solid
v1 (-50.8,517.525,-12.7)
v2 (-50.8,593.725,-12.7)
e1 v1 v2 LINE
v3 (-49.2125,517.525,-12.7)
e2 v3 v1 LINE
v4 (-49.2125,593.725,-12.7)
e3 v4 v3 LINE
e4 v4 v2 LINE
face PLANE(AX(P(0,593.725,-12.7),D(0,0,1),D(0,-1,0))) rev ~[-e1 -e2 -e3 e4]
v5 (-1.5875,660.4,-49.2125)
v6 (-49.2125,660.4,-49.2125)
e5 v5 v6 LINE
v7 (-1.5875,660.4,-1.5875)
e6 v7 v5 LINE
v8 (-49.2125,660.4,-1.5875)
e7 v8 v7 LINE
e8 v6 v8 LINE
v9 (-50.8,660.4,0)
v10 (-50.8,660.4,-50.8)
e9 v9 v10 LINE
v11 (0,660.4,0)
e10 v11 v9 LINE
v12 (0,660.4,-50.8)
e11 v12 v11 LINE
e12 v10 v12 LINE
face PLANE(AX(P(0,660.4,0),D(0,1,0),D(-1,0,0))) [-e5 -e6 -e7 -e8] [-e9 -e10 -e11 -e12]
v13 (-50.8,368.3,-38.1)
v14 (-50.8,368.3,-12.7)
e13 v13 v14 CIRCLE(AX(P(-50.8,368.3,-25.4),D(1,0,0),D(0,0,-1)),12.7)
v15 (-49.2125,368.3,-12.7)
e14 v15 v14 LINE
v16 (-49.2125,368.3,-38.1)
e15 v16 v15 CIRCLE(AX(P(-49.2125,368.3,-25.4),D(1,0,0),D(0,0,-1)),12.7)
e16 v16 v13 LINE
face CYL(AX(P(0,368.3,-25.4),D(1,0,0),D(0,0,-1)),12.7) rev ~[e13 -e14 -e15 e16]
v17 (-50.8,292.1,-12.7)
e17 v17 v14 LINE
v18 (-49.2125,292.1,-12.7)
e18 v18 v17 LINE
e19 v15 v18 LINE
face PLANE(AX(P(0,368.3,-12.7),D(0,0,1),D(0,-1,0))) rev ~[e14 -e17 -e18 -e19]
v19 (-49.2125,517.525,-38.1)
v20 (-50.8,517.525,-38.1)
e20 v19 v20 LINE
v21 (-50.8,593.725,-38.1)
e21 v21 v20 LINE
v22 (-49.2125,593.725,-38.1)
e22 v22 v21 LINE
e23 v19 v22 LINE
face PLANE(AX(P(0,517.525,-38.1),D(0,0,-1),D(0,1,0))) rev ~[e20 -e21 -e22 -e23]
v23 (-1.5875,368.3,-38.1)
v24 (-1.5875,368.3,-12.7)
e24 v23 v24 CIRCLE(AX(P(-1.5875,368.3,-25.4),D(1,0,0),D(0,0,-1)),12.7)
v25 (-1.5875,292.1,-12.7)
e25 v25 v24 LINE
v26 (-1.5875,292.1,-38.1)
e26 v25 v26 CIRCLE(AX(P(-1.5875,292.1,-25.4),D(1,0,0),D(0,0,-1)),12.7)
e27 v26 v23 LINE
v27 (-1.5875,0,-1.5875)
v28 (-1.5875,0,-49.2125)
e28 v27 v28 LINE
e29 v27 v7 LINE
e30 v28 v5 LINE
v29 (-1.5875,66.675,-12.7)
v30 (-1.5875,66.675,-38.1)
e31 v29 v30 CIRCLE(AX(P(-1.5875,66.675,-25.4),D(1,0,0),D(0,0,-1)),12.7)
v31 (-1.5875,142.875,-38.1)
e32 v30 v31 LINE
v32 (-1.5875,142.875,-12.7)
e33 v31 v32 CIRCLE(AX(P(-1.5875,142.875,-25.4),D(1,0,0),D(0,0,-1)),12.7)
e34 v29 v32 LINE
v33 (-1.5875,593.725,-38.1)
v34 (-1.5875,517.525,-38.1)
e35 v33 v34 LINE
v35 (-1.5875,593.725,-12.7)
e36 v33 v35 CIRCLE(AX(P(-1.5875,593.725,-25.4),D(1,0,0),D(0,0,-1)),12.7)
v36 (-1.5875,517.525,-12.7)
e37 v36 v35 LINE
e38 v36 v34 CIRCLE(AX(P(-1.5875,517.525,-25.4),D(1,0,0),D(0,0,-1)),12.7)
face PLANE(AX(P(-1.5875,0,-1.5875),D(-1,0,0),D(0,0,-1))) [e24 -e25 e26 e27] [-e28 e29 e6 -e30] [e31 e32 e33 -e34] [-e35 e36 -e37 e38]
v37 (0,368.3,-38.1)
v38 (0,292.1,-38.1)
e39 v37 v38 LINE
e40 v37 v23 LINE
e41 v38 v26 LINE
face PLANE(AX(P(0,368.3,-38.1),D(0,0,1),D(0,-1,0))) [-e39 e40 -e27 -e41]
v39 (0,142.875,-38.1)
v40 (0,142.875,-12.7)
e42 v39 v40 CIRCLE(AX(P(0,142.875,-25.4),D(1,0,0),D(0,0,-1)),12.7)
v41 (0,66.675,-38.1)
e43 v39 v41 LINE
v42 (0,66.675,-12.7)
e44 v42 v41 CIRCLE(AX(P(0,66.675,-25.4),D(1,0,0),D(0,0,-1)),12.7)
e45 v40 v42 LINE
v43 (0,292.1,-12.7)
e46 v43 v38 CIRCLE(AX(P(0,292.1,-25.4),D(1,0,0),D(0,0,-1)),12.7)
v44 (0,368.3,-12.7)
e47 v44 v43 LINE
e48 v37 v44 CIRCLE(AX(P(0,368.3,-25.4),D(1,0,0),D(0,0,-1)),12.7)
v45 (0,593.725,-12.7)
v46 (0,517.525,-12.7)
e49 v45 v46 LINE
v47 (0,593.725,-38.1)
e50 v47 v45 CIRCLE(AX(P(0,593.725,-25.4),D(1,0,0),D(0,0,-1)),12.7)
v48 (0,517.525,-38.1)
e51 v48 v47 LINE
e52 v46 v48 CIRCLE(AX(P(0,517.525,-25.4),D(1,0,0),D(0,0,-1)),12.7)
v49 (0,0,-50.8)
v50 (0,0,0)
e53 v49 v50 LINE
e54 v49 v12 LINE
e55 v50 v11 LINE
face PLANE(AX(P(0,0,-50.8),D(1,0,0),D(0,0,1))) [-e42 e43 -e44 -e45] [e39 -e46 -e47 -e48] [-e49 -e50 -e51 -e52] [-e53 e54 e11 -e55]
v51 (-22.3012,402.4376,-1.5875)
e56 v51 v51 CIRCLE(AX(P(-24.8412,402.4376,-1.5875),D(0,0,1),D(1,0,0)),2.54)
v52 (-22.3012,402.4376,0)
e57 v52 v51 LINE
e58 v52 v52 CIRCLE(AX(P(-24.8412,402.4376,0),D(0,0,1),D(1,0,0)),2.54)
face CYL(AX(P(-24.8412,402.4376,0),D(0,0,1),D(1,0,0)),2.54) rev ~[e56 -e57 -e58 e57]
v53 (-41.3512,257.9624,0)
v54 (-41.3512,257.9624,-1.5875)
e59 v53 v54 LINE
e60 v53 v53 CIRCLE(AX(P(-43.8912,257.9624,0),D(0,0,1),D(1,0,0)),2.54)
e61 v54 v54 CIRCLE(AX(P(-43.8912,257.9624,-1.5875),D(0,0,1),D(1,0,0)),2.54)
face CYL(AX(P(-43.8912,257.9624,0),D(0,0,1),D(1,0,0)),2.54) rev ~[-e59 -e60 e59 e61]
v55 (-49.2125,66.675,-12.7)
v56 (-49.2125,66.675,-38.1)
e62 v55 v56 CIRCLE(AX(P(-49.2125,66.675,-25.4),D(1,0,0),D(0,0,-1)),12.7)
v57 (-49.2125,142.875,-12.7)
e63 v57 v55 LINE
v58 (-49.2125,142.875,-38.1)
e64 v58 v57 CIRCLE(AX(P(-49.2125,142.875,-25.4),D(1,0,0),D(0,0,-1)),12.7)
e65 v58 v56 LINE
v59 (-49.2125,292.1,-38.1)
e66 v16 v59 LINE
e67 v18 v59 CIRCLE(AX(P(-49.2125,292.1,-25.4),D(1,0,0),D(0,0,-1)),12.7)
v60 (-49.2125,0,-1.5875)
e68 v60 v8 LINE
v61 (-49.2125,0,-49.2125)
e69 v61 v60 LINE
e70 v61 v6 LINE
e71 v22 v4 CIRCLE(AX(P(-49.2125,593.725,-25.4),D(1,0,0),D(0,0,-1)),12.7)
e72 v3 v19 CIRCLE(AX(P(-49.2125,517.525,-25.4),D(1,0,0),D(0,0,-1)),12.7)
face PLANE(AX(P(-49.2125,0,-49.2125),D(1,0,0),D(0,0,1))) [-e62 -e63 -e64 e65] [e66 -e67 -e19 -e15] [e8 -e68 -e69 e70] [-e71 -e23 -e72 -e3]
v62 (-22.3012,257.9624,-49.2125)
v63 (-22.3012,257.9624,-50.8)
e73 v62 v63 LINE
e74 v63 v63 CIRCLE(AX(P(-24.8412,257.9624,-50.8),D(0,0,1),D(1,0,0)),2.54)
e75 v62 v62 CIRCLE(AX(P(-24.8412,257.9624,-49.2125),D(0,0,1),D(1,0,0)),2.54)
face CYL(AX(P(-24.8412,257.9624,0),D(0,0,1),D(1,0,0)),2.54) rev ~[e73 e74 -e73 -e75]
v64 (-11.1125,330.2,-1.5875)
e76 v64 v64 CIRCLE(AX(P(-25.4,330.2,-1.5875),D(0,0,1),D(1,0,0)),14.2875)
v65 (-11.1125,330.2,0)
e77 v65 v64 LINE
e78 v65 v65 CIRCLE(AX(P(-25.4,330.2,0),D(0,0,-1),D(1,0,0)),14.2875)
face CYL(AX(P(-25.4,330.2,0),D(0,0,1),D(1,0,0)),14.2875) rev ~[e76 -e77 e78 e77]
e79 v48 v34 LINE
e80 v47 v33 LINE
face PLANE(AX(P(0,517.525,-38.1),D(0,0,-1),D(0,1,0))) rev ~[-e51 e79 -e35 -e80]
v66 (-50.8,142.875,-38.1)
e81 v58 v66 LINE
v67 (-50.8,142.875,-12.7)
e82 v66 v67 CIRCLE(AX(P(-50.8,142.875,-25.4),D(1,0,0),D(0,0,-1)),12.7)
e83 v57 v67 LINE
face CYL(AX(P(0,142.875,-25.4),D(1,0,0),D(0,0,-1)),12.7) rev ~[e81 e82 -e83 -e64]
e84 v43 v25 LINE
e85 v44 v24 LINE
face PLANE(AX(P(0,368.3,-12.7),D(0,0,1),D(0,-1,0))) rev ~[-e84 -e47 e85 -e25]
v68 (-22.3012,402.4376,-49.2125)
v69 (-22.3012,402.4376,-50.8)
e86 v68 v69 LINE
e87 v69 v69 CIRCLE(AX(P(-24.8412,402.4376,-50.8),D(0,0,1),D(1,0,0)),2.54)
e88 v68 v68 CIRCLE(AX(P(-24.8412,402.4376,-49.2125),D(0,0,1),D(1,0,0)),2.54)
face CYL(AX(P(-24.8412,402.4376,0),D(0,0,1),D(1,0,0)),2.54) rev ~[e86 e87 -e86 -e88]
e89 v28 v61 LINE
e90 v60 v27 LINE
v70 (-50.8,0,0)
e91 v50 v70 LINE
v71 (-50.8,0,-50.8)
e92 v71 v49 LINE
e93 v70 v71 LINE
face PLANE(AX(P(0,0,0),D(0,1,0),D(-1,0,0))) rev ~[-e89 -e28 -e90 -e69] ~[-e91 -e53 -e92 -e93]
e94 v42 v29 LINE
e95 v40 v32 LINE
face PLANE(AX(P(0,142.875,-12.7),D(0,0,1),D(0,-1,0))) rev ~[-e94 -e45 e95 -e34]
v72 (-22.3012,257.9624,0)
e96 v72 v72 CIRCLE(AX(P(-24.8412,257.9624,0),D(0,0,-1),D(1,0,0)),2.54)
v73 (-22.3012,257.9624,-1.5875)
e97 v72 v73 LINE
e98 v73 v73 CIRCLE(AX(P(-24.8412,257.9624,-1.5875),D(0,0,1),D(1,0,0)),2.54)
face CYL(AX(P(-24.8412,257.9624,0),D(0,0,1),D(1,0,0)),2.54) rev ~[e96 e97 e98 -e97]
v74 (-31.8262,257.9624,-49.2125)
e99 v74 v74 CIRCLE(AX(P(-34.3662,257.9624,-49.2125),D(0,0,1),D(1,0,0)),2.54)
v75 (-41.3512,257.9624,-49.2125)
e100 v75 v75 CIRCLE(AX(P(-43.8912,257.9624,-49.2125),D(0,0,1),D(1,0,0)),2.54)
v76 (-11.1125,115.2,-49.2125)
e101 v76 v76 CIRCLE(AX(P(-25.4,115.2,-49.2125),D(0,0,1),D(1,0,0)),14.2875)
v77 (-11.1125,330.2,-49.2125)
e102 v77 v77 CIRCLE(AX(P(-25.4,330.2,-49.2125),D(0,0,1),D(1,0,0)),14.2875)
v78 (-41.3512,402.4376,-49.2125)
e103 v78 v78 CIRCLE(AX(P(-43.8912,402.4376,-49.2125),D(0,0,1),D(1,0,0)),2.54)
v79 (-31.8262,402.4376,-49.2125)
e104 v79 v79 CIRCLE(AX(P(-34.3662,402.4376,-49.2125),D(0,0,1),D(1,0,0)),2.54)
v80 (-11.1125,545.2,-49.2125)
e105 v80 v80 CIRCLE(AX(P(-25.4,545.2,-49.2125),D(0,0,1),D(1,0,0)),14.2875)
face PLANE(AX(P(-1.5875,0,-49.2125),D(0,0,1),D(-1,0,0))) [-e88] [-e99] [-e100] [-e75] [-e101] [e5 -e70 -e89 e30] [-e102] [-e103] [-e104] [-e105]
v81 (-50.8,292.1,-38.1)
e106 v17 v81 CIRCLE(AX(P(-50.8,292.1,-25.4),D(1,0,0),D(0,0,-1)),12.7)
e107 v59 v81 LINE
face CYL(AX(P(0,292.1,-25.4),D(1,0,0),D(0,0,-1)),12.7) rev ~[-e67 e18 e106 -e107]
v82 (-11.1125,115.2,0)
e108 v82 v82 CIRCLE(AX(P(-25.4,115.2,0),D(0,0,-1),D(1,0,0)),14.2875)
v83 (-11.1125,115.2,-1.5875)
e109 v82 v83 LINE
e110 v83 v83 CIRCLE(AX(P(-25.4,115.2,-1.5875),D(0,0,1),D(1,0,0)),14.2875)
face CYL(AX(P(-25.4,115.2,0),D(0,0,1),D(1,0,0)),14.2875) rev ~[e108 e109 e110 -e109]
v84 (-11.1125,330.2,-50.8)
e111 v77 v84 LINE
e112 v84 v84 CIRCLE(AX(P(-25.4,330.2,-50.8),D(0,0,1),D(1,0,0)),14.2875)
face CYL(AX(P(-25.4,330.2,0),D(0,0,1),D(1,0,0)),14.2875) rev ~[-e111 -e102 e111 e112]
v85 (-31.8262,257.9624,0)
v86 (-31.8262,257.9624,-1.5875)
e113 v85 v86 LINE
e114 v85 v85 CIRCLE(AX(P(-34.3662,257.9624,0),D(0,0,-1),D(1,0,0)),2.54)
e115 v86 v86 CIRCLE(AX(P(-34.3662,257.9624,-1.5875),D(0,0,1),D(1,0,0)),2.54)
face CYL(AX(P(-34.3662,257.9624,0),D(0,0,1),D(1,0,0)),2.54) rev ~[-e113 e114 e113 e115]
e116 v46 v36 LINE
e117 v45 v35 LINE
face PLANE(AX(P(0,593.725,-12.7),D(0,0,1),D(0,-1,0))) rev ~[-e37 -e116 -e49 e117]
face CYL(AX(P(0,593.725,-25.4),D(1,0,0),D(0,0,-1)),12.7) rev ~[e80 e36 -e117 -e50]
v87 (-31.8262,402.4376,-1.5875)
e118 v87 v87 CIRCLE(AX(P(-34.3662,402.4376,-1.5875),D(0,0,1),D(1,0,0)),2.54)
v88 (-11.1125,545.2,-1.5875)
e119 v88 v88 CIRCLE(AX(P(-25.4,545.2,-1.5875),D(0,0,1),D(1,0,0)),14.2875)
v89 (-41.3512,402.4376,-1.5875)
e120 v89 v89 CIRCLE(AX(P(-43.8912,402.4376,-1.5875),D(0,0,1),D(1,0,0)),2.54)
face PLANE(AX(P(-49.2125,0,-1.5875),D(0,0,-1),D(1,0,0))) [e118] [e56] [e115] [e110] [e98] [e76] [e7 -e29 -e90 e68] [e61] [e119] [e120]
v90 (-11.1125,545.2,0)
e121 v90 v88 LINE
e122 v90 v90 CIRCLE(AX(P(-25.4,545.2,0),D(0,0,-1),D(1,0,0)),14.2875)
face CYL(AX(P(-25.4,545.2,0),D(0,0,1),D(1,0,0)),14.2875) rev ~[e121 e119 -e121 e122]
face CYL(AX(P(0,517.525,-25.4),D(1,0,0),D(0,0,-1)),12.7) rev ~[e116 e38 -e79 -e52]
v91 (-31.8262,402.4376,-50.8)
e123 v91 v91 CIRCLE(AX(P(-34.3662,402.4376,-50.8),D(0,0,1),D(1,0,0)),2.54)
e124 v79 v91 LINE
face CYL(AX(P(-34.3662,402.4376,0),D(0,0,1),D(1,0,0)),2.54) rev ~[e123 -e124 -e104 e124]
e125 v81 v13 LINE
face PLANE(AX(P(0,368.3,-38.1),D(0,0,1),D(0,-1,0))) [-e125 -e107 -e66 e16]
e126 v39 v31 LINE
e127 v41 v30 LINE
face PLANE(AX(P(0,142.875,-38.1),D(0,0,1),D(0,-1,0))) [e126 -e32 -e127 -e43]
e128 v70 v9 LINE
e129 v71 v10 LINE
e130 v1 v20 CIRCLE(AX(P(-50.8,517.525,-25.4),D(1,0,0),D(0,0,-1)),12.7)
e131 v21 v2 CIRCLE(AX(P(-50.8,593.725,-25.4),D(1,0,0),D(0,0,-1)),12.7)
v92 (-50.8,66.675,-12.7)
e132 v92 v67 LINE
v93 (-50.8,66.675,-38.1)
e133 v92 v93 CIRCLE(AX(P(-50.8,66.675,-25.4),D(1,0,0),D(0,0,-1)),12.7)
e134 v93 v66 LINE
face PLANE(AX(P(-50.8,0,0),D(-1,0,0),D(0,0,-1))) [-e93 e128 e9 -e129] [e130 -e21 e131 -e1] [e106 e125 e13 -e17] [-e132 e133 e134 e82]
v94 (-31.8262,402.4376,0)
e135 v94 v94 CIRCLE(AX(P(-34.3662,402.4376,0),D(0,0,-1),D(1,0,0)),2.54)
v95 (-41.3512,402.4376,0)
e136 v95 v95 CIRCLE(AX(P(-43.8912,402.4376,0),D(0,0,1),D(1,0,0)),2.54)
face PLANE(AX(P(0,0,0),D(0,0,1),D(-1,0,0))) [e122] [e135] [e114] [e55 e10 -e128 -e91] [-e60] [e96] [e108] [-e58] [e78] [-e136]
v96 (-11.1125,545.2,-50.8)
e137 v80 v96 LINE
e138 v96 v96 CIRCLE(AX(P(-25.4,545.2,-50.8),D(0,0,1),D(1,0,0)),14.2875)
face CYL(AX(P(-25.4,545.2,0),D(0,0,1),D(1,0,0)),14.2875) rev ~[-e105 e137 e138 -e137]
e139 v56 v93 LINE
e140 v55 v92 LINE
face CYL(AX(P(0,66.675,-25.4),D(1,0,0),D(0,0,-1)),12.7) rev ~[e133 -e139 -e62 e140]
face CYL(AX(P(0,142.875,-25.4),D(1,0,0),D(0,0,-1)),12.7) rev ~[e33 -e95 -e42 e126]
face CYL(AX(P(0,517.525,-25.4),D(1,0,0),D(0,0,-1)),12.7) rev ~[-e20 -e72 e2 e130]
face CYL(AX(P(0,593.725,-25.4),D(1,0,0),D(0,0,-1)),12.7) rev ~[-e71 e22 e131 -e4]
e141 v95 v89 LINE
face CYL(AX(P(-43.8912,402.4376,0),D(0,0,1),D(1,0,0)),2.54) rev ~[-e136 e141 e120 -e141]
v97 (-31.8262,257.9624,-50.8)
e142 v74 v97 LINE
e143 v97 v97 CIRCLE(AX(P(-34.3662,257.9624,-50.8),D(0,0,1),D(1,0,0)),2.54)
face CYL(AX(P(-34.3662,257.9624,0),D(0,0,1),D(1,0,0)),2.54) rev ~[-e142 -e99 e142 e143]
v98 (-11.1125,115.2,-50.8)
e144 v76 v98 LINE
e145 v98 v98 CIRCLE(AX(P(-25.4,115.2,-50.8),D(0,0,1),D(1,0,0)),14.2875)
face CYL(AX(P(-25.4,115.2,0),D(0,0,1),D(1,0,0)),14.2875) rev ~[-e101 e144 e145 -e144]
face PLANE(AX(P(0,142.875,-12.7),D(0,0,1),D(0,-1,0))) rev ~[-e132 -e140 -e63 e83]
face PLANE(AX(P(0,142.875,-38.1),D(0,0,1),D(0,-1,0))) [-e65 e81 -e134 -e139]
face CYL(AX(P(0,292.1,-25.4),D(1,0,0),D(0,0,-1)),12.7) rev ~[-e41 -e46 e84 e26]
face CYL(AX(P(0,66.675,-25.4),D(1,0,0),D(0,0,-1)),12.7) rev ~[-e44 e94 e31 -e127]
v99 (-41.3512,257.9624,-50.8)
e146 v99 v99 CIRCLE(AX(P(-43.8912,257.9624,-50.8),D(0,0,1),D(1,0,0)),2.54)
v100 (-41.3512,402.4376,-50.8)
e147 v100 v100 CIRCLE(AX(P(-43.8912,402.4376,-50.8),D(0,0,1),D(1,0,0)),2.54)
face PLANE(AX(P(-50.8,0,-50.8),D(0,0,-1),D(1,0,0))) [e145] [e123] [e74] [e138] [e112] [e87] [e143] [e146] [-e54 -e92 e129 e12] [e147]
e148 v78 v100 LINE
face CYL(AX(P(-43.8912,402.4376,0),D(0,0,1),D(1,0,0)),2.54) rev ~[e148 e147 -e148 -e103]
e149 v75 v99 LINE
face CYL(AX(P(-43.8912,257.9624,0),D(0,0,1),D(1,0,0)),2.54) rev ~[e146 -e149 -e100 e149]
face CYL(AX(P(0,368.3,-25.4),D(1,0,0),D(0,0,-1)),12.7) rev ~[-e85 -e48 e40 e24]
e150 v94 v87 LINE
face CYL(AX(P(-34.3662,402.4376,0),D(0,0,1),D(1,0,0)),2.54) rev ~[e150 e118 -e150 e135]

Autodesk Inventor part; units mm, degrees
ref_plane "YZ Plane" through (0, 0, 0) normal (1, 0, 0) x (0, 1, 0)
ref_plane "XZ Plane" through (0, 0, 0) normal (0, 1, 0) x (-1, 0, 0)
ref_plane "XY Plane" through (0, 0, 0) normal (0, 0, 1) x (1, 0, 0)
sketch "Sketch1" plane through (0, 0, 0) normal (0, 1, 0) x (-1, 0, 0)
  line L0 (0, 0) -> (50.8, 0)
  line L1 (50.8, 0) -> (50.8, -50.8)
  line L2 (50.8, -50.8) -> (0, -50.8)
  line L3 (0, -50.8) -> (0, 0)
  line L4 (49.2125, -1.5875) -> (1.5875, -1.5875)
  line L5 (1.5875, -1.5875) -> (1.5875, -49.2125)
  line L6 (1.5875, -49.2125) -> (49.2125, -49.2125)
  line L7 (49.2125, -49.2125) -> (49.2125, -1.5875)
  dimension "d0" = 50.8
  dimension "d1" = 50.8
  dimension "d2" = 1.5875
  dimension "d3" = 1.5875
  dimension "d4" = 1.5875
  dimension "d5" = 1.5875
extrude "Extrusion1" add sketch "Sketch1" along normal blind 660.4
sketch "Sketch2" plane through (-50.8, 0, 0) normal (0, 0, 1) x (1, 0, 0)
  line L0 (1.5875, 0) -> (49.2125, 0) projected
  line L1 (25.4, 0) -> (25.4, 660.4)
  line L2 (49.2125, 660.4) -> (1.5875, 660.4) projected
  line L3 (25.4, 0) -> (25.4, 104.775)
  line L4 (25.4, 660.4) -> (25.4, 555.625)
  circle A0 centre (25.4, 330.2) radius 14.2875
  line L5 (25.4, 330.2) -> (25.4, 115.2)
  line L6 (25.4, 330.2) -> (25.4, 545.2)
  circle A1 centre (25.4, 115.2) radius 14.2875
  circle A2 centre (25.4, 545.2) radius 14.2875
  point P0 (50.8, 0)
  dimension "d8" = 104.775
  dimension "d9" = 104.775
  dimension "d47" = 215
  dimension "d48" = 215
extrude "Extrusion2" cut sketch "Sketch2" against normal blind 530.225
sketch "Sketch3" plane through (-50.8, 0, 0) normal (0, 0, 1) x (1, 0, 0)
  circle A0 centre (25.4, 330.2) radius 14.2875 projected
  circle A1 centre (16.4338, 257.9624) radius 2.54
  line L0 (16.4338, 257.9624) -> (6.9088, 257.9624)
  line L1 (16.4338, 257.9624) -> (25.9588, 257.9624)
  circle A2 centre (6.9088, 257.9624) radius 2.54
  circle A3 centre (25.9588, 257.9624) radius 2.54
  circle A4 centre (16.4338, 402.4376) radius 2.54
  circle A5 centre (6.9088, 402.4376) radius 2.54
  circle A6 centre (25.9588, 402.4376) radius 2.54
  line L2 (50.8, 0) -> (50.8, 660.4) projected
  line L3 (25.4, 330.2) -> (25.4, 344.4875)
  line L4 (16.4338, 399.8976) -> (16.4338, 402.4376)
  line L5 (25.4, 330.2) -> (25.4, 315.9125)
  line L6 (16.4338, 260.5024) -> (16.4338, 257.9624)
  dimension "d15" = 5.08
  dimension "d16" = 9.525
  dimension "d17" = 9.525
  dimension "d49" = 24.8412
  dimension "d50" = 9.525
  dimension "d51" = 9.525
  dimension "d52" = 72.2376
  dimension "d53" = 24.8412
  dimension "d54" = 72.2376
extrude "Extrusion3" cut sketch "Sketch3" against normal blind 101.6 contours L1 L6 A1 | A2 | A1 L0 L1 | A3 | L6 L0 A1 | A4 | A5 | A6
sketch "Sketch4" plane through (0, 0, 0) normal (1, 0, 0) x (0, 0, -1)
  circle A0 centre (25.4, 593.725) radius 12.7
  circle A1 centre (25.4, 517.525) radius 12.7
  line L0 (0, 660.4) -> (50.8, 660.4) projected
  line L1 (50.8, 0) -> (50.8, 660.4) projected
  line L2 (12.7, 593.725) -> (12.7, 517.525)
  line L3 (38.1, 517.525) -> (38.1, 593.725)
  point P0 (0, 0)
  dimension "d20" = 25.4
  dimension "d21" = 25.4
  dimension "d22" = 66.675
  dimension "d25" = 25.4
  dimension "d27" = 25.4
  dimension "d28" = 76.2
extrude "Extrusion4" cut sketch "Sketch4" against normal blind 127
sketch "Sketch5" plane through (0, 0, 0) normal (1, 0, 0) x (0, 0, -1)
  circle A0 centre (25.4, 66.675) radius 12.7
  circle A1 centre (25.4, 142.875) radius 12.7
  line L0 (50.8, 0) -> (0, 0) projected
  line L1 (0, 0) -> (0, 660.4) projected
  line L2 (50.8, 0) -> (50.8, 660.4) projected
  line L3 (12.7, 142.875) -> (12.7, 66.675)
  line L4 (38.1, 142.875) -> (38.1, 66.675)
  dimension "d31" = 25.4
  dimension "d32" = 25.4
  dimension "d33" = 66.675
  dimension "d34" = 25.4
  dimension "d35" = 25.4
  dimension "d36" = 76.2
extrude "Extrusion5" cut sketch "Sketch5" against normal blind 127
sketch "Sketch6" plane through (0, 0, 0) normal (1, 0, 0) x (0, 0, -1)
  circle A0 centre (25.4, 292.1) radius 12.7
  circle A1 centre (25.4, 368.3) radius 12.7
  line L0 (50.8, 0) -> (50.8, 660.4) projected
  line L1 (0, 0) -> (0, 660.4) projected
  line L2 (50.8, 0) -> (0, 0) projected
  line L3 (12.7, 368.3) -> (12.7, 292.1)
  line L4 (38.1, 368.3) -> (38.1, 292.1)
  dimension "d39" = 25.4
  dimension "d40" = 25.4
  dimension "d41" = 25.4
  dimension "d42" = 25.4
  dimension "d43" = 292.1
  dimension "d44" = 76.2
extrude "Extrusion6" cut sketch "Sketch6" against normal blind 127
properties part number "2x2x26" material "Aluminum 6061"
